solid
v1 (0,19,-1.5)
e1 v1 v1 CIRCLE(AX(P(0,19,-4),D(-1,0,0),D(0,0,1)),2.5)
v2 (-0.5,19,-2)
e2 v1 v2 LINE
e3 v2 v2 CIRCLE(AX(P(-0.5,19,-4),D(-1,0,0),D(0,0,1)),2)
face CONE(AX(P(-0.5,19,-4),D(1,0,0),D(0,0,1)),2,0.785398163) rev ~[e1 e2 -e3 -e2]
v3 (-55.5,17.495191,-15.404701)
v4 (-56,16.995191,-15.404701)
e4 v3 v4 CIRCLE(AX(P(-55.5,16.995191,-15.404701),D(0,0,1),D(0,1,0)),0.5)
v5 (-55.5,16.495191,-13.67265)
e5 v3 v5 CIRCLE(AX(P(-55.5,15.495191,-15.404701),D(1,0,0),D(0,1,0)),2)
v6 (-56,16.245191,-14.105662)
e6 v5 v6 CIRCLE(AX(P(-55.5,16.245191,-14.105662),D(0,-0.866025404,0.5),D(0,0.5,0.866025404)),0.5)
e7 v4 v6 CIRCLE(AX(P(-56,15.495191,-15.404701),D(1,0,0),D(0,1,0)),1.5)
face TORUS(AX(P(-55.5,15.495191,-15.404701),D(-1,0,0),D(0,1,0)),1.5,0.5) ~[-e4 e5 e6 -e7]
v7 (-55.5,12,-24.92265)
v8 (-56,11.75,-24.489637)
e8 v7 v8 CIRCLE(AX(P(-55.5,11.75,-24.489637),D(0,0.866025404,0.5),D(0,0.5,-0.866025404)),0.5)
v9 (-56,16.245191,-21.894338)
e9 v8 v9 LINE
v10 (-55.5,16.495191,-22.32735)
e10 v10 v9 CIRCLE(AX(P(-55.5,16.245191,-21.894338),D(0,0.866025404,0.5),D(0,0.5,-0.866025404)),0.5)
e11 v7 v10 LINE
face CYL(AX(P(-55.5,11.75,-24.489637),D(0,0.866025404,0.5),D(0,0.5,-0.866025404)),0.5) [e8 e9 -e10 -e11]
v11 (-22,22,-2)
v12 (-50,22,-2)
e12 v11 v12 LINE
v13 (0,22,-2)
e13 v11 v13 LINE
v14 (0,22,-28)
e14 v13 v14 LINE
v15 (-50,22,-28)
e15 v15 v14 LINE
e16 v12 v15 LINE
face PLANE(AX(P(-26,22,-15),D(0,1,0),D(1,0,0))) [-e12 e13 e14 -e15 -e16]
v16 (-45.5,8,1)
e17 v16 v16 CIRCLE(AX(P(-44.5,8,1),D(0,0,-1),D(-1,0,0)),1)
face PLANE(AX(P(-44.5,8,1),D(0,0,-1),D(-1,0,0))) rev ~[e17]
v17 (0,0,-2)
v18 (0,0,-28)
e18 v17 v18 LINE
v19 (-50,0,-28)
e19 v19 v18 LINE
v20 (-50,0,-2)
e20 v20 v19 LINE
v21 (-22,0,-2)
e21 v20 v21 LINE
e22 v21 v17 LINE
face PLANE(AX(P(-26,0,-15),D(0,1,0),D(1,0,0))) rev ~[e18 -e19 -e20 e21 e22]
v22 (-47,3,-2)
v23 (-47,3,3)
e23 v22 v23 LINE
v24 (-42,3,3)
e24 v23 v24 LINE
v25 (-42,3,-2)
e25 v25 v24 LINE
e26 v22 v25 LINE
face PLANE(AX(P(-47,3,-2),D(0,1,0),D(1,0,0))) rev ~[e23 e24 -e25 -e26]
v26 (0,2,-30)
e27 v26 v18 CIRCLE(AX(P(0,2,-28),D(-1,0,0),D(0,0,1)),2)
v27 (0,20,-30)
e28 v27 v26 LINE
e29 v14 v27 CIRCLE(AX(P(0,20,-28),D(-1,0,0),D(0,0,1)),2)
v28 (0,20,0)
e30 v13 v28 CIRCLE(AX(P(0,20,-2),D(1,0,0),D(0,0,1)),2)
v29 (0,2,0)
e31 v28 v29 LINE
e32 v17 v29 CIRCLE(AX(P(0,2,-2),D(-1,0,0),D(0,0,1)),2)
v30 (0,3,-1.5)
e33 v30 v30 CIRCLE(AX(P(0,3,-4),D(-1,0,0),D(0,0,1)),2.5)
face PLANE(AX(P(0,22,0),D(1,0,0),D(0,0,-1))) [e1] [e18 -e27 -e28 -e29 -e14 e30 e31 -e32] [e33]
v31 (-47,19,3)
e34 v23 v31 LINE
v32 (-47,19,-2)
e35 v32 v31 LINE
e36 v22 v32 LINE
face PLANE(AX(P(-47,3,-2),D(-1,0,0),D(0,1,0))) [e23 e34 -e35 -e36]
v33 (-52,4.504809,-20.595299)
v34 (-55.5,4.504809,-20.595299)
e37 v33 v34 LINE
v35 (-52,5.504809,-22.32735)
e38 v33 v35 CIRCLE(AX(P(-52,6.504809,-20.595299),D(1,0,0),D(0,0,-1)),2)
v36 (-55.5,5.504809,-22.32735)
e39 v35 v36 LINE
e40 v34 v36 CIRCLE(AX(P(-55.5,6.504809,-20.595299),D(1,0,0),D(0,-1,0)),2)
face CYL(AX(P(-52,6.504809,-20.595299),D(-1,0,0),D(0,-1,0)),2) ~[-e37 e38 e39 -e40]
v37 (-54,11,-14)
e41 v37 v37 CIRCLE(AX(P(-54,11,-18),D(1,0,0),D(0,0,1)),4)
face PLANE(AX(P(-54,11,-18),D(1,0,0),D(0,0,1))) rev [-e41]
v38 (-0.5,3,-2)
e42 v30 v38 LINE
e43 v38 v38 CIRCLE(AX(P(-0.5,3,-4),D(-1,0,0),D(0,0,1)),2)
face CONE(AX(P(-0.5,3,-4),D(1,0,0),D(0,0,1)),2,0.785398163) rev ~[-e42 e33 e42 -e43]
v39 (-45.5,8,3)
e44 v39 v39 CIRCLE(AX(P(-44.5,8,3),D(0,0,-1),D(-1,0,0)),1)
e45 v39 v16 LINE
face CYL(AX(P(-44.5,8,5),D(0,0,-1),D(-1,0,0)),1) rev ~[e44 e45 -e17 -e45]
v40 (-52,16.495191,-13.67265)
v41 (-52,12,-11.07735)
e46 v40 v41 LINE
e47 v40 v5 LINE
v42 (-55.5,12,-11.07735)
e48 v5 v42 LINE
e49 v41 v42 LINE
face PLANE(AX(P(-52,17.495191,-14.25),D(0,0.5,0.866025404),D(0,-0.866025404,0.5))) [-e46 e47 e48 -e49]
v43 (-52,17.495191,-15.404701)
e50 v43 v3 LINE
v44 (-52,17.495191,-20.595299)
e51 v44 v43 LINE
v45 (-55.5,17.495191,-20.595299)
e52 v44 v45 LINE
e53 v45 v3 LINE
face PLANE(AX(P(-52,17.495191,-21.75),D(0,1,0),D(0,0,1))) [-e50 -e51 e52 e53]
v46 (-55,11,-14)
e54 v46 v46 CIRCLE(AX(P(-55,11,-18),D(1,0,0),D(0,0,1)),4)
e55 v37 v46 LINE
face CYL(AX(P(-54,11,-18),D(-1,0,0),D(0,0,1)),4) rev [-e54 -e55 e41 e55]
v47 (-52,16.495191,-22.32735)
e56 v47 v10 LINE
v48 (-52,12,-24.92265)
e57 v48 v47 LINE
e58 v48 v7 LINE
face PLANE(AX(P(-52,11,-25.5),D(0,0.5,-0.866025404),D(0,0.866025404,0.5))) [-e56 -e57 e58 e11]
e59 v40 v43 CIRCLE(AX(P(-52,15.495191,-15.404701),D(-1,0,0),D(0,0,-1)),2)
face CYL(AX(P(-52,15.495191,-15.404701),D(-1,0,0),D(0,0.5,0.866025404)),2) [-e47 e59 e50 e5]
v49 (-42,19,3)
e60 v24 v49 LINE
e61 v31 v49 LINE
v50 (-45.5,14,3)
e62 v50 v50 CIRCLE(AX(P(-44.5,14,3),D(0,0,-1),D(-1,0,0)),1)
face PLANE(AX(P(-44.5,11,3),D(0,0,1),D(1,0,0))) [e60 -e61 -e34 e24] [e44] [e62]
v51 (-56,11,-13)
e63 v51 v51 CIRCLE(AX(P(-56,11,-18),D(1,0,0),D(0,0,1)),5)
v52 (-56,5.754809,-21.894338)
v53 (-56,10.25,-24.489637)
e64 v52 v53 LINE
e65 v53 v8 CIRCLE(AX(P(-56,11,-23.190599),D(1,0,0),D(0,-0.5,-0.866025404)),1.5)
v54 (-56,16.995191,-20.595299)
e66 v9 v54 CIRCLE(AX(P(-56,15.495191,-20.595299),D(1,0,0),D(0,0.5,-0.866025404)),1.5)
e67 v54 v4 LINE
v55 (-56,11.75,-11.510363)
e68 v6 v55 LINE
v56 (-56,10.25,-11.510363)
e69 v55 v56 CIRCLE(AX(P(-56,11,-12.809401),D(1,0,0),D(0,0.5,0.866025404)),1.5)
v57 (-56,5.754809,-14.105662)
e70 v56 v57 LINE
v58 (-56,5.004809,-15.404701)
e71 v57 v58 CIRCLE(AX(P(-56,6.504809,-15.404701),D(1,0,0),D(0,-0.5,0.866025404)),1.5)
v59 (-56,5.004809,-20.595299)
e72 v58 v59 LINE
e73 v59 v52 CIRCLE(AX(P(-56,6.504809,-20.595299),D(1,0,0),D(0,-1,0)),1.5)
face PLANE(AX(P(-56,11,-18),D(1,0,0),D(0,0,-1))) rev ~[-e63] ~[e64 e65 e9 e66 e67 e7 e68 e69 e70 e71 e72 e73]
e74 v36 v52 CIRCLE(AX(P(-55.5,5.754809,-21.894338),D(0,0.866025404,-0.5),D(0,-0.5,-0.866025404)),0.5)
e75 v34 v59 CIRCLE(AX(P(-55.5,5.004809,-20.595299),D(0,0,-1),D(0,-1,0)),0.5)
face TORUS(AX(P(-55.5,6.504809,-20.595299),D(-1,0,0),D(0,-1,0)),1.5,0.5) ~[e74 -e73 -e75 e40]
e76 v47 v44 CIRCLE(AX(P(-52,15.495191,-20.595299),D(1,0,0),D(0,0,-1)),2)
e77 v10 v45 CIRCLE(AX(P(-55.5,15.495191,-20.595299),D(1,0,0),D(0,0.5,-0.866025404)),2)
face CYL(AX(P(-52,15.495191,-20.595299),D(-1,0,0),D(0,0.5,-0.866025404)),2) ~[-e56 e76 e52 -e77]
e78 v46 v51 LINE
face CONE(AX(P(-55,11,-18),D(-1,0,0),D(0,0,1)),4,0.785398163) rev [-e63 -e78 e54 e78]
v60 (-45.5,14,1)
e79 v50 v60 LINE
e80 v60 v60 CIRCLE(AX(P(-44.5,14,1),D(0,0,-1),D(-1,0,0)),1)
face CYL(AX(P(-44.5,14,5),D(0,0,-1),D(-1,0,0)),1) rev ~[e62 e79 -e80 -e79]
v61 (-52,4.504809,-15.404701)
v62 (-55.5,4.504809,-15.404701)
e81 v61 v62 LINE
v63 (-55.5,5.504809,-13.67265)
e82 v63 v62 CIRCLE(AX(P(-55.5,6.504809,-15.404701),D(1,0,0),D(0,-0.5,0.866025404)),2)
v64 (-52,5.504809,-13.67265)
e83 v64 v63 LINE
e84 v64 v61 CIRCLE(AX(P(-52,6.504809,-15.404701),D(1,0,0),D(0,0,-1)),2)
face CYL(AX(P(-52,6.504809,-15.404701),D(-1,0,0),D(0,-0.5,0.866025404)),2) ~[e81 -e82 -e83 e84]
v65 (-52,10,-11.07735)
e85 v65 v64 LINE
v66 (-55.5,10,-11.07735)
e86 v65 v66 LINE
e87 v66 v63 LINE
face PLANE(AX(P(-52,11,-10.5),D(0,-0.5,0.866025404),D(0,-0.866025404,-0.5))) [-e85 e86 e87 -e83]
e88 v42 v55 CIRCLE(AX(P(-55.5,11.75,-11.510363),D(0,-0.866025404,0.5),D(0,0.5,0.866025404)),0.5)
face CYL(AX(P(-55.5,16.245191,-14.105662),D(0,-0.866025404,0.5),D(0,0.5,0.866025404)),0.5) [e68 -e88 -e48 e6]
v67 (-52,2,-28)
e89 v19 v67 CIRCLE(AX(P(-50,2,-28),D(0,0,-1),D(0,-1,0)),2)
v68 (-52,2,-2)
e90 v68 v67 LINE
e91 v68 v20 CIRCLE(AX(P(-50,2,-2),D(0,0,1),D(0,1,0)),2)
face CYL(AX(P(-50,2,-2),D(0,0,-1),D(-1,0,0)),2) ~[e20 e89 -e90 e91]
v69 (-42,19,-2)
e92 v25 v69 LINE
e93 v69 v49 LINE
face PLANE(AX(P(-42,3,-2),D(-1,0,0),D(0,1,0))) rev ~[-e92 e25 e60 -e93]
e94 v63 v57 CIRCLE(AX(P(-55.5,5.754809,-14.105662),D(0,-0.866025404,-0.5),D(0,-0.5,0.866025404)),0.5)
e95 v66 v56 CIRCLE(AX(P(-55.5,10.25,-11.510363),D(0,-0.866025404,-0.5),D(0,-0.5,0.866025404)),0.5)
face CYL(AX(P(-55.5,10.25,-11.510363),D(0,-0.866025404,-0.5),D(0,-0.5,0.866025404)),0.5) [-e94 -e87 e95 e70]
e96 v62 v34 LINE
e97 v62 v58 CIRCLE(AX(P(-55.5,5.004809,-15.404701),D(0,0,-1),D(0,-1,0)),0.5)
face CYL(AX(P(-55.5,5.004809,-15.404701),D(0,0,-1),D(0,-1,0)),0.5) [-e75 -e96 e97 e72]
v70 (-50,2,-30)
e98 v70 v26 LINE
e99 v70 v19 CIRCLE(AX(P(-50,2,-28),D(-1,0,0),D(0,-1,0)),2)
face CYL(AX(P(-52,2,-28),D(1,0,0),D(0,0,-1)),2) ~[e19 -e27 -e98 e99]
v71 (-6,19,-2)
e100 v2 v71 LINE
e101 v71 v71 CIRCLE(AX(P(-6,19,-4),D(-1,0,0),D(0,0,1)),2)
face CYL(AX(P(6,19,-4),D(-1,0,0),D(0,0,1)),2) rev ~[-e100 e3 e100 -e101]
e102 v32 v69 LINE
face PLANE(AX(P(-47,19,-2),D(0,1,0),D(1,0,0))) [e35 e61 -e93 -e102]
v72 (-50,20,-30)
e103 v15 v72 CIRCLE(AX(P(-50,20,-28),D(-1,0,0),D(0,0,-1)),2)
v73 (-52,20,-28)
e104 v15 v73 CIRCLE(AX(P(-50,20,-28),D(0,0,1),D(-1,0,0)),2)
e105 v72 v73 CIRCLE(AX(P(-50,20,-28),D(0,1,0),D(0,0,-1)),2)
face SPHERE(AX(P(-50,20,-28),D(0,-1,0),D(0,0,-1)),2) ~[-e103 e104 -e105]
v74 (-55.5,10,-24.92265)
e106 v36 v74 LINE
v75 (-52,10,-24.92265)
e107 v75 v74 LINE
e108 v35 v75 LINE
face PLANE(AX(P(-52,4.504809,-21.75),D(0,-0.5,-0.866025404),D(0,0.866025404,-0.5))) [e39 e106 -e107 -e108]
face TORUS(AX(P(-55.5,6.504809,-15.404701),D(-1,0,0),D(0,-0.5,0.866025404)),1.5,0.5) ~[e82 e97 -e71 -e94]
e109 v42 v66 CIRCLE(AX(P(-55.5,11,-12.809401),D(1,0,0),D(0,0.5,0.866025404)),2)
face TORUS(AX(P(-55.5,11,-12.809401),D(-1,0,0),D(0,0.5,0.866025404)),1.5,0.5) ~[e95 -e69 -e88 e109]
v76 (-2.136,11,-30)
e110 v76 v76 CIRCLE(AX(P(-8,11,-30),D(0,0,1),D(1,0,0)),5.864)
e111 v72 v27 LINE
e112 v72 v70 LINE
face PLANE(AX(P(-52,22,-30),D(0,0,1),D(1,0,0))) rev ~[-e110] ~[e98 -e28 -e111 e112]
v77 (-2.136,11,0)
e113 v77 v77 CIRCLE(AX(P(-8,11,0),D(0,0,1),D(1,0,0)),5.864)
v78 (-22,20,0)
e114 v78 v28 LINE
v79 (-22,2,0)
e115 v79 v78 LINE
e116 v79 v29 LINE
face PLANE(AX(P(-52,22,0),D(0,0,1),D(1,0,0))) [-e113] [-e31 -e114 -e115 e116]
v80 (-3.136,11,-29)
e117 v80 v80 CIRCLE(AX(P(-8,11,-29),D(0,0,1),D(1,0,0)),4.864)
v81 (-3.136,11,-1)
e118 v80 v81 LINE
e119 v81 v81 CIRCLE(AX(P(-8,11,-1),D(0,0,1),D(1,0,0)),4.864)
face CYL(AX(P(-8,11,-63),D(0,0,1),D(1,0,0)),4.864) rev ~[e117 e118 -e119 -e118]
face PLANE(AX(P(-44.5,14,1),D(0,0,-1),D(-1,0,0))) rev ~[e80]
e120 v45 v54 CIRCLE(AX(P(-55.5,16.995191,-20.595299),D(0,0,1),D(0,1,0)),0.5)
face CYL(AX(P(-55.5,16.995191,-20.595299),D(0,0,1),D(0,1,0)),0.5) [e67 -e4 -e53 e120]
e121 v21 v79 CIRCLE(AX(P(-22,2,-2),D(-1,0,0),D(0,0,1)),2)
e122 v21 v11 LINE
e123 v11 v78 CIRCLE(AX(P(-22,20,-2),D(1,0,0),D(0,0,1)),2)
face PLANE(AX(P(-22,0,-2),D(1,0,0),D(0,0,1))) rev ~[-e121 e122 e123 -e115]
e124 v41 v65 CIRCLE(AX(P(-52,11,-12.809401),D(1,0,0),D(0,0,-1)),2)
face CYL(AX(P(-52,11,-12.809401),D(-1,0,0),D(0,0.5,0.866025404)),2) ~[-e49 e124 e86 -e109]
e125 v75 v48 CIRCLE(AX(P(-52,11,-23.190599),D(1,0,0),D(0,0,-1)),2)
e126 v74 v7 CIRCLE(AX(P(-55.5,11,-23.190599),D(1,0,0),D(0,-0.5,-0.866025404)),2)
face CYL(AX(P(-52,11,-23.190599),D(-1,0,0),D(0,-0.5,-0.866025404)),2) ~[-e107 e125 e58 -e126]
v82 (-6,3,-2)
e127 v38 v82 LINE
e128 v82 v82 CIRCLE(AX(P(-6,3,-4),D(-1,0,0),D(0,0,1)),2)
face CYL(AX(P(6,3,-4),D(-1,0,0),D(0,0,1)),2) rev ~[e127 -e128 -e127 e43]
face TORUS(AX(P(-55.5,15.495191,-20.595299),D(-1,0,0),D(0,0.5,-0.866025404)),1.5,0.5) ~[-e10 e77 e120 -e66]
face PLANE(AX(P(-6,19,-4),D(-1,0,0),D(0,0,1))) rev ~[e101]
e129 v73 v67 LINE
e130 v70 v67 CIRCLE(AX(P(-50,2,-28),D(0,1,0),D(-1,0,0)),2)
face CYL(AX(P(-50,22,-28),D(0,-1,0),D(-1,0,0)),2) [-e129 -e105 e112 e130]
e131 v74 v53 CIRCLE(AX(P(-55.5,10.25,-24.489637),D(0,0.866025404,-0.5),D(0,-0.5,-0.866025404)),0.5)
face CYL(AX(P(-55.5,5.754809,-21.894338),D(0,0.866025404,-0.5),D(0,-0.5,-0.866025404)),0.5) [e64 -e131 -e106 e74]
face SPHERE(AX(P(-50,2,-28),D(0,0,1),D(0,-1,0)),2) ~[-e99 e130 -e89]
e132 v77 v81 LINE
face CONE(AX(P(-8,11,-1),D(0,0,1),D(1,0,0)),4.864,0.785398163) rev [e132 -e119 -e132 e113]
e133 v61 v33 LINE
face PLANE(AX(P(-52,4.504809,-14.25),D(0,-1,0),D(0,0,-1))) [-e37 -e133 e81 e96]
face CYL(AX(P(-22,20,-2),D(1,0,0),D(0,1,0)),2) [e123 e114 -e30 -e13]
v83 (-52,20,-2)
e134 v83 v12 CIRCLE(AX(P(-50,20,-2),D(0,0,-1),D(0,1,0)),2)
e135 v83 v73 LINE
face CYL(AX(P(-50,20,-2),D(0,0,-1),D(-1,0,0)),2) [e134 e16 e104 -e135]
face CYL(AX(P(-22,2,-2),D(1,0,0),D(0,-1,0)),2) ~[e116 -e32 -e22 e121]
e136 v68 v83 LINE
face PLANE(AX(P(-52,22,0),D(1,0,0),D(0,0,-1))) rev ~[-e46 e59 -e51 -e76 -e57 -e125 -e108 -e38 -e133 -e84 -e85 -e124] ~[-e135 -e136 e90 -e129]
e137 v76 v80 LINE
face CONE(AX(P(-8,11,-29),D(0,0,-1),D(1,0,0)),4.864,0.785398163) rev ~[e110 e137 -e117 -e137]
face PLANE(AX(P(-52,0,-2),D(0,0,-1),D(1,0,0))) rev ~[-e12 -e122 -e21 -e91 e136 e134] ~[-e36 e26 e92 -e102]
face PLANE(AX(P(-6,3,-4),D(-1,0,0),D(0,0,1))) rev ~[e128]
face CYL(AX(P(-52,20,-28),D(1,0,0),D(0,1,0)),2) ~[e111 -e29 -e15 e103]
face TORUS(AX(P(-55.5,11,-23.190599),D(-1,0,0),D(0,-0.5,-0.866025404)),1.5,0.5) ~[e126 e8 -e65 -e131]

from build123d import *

# Parameters (mm, degrees)
SKETCH_1_W                = 52
SKETCH_1_H                = 30
EXTRUDE_1_DEPTH           = 22
SKETCH_2_W                = 30
SKETCH_2_H                = 2
CUT_EXTRUDE_1_DEPTH       = 64.937469453
EXTRUDE_2_DEPTH           = 4
SKETCH_4_W                = 5
SKETCH_4_H                = 16
EXTRUDE_3_DEPTH           = 5
HOLE_WIZARD_4_0_4_1_D     = 4
HOLE_WIZARD_4_0_4_1_DEPTH = 6
HOLE_WIZARD_M81_D         = 9.728
HOLE_WIZARD_M81_DEPTH     = 33
HOLE_WIZARD_2_0_2_1_D     = 2
HOLE_WIZARD_2_0_2_1_DEPTH = 2
FILLET_1_R                = 2
CHAMFER_1_SIZE            = 1
CHAMFER_2_SIZE            = 0.5
FILLET_2_R                = 0.5


with BuildPart() as part:
    # Эскиз1 → Бобышка-Вытянуть1 (new body)
    with BuildSketch(Plane(origin=(0, 22, 0), x_dir=(1, 0, 0), z_dir=(0, 1, 0))):
        with Locations((-26, 15)):
            Rectangle(SKETCH_1_W, SKETCH_1_H)
    extrude(amount=-EXTRUDE_1_DEPTH)

    # Эскиз2 → Вырез-Вытянуть1 (cut, through all)
    with BuildSketch(Plane.XZ):
        with Locations((-37, -1)):
            Rectangle(SKETCH_2_W, SKETCH_2_H)
    extrude(amount=-CUT_EXTRUDE_1_DEPTH, mode=Mode.SUBTRACT)

    # Эскиз3 → Бобышка-Вытянуть2 (add)
    with BuildSketch(Plane.ZY.offset(52)):
        Polygon((-14.25, 17.495190528), (-10.5, 11), (-14.25, 4.504809472), (-21.75, 4.504809472), (-25.5, 11), (-21.75, 17.495190528), align=None)
    extrude(amount=EXTRUDE_2_DEPTH)

    # Эскиз4 → Бобышка-Вытянуть3 (add)
    with BuildSketch(Plane.XY.offset(-2)):
        with Locations((-44.5, 11)):
            Rectangle(SKETCH_4_W, SKETCH_4_H)
    extrude(amount=EXTRUDE_3_DEPTH)

    # Диаметр отверстия Ø4.0 (4)1
    with Locations(Plane(origin=(0, 0, 0), x_dir=(0, 0, -1), z_dir=(1, 0, 0))):
        with Locations((4, 3), (4, 19)):
            Hole(HOLE_WIZARD_4_0_4_1_D / 2, depth=HOLE_WIZARD_4_0_4_1_DEPTH)

    # Отверстие с зазором M81
    with Locations(Plane(origin=(0, 0, -30), x_dir=(-1, 0, 0), z_dir=(0, 0, -1))):
        with Locations((8, 11)):
            Hole(HOLE_WIZARD_M81_D / 2, depth=HOLE_WIZARD_M81_DEPTH)

    # Диаметр отверстия Ø2.0 (2)1
    with Locations(Plane.XY.offset(3)):
        with Locations((-44.5, 14), (-44.5, 8)):
            Hole(HOLE_WIZARD_2_0_2_1_D / 2, depth=HOLE_WIZARD_2_0_2_1_DEPTH)

    # Эскиз11 → Диаметр отверстия Ø8.0 (8)1 (revolve, cut)
    with BuildSketch(Plane(origin=(-56, 11, -18), x_dir=(0, 0, 1), z_dir=(0, 1, 0))):
        Polygon((0, 0), (0, 2), (4, 2), (4, 1), (5, 0), align=None)
    revolve(axis=Axis((-62.35, 11, -18), (1, 0, 0)), mode=Mode.SUBTRACT)

    # Скругление1
    fillet_1_edges = [part.edges().sort_by_distance(p)[0] for p in [
        (-52, 0, -16),
        (-26, 0, -30),
        (-52, 11, -30),
        (-26, 22, -30),
        (-52, 22, -16),
        (-11, 22, 0),
        (-11, 0, 0),
        (-54, 17.495190528, -21.75),
        (-54, 11, -25.5),
        (-54, 17.495190528, -14.25),
        (-54, 11, -10.5),
        (-54, 4.504809472, -14.25),
        (-54, 4.504809472, -21.75),
    ]]
    fillet(fillet_1_edges, radius=FILLET_1_R)

    # Фаска1
    chamfer_1_edges = [part.edges().sort_by_distance(p)[0] for p in [
        (-12.864, 11, 0),
        (-12.864, 11, -30),
    ]]
    chamfer(chamfer_1_edges, length=CHAMFER_1_SIZE)

    # Фаска2
    chamfer_2_edges = [part.edges().sort_by_distance(p)[0] for p in [
        (0, 19, -6),
        (0, 3, -6),
    ]]
    chamfer(chamfer_2_edges, length=CHAMFER_2_SIZE)

    # Скругление2
    fillet_2_edges = [part.edges().sort_by_distance(p)[0] for p in [
        (-56, 14.247595264, -23.625),
        (-56, 17.495190528, -18),
        (-56, 7.752404736, -23.625),
        (-56, 4.504809472, -18),
        (-56, 7.752404736, -12.375),
        (-56, 14.247595264, -12.375),
        (-56, 4.772758664, -21.595299462),
        (-56, 4.772758664, -14.404700538),
        (-56, 11, -10.809401077),
        (-56, 17.227241336, -14.404700538),
        (-56, 11, -25.190598923),
        (-56, 17.227241336, -21.595299462),
    ]]
    fillet(fillet_2_edges, radius=FILLET_2_R)


solid = part.part
